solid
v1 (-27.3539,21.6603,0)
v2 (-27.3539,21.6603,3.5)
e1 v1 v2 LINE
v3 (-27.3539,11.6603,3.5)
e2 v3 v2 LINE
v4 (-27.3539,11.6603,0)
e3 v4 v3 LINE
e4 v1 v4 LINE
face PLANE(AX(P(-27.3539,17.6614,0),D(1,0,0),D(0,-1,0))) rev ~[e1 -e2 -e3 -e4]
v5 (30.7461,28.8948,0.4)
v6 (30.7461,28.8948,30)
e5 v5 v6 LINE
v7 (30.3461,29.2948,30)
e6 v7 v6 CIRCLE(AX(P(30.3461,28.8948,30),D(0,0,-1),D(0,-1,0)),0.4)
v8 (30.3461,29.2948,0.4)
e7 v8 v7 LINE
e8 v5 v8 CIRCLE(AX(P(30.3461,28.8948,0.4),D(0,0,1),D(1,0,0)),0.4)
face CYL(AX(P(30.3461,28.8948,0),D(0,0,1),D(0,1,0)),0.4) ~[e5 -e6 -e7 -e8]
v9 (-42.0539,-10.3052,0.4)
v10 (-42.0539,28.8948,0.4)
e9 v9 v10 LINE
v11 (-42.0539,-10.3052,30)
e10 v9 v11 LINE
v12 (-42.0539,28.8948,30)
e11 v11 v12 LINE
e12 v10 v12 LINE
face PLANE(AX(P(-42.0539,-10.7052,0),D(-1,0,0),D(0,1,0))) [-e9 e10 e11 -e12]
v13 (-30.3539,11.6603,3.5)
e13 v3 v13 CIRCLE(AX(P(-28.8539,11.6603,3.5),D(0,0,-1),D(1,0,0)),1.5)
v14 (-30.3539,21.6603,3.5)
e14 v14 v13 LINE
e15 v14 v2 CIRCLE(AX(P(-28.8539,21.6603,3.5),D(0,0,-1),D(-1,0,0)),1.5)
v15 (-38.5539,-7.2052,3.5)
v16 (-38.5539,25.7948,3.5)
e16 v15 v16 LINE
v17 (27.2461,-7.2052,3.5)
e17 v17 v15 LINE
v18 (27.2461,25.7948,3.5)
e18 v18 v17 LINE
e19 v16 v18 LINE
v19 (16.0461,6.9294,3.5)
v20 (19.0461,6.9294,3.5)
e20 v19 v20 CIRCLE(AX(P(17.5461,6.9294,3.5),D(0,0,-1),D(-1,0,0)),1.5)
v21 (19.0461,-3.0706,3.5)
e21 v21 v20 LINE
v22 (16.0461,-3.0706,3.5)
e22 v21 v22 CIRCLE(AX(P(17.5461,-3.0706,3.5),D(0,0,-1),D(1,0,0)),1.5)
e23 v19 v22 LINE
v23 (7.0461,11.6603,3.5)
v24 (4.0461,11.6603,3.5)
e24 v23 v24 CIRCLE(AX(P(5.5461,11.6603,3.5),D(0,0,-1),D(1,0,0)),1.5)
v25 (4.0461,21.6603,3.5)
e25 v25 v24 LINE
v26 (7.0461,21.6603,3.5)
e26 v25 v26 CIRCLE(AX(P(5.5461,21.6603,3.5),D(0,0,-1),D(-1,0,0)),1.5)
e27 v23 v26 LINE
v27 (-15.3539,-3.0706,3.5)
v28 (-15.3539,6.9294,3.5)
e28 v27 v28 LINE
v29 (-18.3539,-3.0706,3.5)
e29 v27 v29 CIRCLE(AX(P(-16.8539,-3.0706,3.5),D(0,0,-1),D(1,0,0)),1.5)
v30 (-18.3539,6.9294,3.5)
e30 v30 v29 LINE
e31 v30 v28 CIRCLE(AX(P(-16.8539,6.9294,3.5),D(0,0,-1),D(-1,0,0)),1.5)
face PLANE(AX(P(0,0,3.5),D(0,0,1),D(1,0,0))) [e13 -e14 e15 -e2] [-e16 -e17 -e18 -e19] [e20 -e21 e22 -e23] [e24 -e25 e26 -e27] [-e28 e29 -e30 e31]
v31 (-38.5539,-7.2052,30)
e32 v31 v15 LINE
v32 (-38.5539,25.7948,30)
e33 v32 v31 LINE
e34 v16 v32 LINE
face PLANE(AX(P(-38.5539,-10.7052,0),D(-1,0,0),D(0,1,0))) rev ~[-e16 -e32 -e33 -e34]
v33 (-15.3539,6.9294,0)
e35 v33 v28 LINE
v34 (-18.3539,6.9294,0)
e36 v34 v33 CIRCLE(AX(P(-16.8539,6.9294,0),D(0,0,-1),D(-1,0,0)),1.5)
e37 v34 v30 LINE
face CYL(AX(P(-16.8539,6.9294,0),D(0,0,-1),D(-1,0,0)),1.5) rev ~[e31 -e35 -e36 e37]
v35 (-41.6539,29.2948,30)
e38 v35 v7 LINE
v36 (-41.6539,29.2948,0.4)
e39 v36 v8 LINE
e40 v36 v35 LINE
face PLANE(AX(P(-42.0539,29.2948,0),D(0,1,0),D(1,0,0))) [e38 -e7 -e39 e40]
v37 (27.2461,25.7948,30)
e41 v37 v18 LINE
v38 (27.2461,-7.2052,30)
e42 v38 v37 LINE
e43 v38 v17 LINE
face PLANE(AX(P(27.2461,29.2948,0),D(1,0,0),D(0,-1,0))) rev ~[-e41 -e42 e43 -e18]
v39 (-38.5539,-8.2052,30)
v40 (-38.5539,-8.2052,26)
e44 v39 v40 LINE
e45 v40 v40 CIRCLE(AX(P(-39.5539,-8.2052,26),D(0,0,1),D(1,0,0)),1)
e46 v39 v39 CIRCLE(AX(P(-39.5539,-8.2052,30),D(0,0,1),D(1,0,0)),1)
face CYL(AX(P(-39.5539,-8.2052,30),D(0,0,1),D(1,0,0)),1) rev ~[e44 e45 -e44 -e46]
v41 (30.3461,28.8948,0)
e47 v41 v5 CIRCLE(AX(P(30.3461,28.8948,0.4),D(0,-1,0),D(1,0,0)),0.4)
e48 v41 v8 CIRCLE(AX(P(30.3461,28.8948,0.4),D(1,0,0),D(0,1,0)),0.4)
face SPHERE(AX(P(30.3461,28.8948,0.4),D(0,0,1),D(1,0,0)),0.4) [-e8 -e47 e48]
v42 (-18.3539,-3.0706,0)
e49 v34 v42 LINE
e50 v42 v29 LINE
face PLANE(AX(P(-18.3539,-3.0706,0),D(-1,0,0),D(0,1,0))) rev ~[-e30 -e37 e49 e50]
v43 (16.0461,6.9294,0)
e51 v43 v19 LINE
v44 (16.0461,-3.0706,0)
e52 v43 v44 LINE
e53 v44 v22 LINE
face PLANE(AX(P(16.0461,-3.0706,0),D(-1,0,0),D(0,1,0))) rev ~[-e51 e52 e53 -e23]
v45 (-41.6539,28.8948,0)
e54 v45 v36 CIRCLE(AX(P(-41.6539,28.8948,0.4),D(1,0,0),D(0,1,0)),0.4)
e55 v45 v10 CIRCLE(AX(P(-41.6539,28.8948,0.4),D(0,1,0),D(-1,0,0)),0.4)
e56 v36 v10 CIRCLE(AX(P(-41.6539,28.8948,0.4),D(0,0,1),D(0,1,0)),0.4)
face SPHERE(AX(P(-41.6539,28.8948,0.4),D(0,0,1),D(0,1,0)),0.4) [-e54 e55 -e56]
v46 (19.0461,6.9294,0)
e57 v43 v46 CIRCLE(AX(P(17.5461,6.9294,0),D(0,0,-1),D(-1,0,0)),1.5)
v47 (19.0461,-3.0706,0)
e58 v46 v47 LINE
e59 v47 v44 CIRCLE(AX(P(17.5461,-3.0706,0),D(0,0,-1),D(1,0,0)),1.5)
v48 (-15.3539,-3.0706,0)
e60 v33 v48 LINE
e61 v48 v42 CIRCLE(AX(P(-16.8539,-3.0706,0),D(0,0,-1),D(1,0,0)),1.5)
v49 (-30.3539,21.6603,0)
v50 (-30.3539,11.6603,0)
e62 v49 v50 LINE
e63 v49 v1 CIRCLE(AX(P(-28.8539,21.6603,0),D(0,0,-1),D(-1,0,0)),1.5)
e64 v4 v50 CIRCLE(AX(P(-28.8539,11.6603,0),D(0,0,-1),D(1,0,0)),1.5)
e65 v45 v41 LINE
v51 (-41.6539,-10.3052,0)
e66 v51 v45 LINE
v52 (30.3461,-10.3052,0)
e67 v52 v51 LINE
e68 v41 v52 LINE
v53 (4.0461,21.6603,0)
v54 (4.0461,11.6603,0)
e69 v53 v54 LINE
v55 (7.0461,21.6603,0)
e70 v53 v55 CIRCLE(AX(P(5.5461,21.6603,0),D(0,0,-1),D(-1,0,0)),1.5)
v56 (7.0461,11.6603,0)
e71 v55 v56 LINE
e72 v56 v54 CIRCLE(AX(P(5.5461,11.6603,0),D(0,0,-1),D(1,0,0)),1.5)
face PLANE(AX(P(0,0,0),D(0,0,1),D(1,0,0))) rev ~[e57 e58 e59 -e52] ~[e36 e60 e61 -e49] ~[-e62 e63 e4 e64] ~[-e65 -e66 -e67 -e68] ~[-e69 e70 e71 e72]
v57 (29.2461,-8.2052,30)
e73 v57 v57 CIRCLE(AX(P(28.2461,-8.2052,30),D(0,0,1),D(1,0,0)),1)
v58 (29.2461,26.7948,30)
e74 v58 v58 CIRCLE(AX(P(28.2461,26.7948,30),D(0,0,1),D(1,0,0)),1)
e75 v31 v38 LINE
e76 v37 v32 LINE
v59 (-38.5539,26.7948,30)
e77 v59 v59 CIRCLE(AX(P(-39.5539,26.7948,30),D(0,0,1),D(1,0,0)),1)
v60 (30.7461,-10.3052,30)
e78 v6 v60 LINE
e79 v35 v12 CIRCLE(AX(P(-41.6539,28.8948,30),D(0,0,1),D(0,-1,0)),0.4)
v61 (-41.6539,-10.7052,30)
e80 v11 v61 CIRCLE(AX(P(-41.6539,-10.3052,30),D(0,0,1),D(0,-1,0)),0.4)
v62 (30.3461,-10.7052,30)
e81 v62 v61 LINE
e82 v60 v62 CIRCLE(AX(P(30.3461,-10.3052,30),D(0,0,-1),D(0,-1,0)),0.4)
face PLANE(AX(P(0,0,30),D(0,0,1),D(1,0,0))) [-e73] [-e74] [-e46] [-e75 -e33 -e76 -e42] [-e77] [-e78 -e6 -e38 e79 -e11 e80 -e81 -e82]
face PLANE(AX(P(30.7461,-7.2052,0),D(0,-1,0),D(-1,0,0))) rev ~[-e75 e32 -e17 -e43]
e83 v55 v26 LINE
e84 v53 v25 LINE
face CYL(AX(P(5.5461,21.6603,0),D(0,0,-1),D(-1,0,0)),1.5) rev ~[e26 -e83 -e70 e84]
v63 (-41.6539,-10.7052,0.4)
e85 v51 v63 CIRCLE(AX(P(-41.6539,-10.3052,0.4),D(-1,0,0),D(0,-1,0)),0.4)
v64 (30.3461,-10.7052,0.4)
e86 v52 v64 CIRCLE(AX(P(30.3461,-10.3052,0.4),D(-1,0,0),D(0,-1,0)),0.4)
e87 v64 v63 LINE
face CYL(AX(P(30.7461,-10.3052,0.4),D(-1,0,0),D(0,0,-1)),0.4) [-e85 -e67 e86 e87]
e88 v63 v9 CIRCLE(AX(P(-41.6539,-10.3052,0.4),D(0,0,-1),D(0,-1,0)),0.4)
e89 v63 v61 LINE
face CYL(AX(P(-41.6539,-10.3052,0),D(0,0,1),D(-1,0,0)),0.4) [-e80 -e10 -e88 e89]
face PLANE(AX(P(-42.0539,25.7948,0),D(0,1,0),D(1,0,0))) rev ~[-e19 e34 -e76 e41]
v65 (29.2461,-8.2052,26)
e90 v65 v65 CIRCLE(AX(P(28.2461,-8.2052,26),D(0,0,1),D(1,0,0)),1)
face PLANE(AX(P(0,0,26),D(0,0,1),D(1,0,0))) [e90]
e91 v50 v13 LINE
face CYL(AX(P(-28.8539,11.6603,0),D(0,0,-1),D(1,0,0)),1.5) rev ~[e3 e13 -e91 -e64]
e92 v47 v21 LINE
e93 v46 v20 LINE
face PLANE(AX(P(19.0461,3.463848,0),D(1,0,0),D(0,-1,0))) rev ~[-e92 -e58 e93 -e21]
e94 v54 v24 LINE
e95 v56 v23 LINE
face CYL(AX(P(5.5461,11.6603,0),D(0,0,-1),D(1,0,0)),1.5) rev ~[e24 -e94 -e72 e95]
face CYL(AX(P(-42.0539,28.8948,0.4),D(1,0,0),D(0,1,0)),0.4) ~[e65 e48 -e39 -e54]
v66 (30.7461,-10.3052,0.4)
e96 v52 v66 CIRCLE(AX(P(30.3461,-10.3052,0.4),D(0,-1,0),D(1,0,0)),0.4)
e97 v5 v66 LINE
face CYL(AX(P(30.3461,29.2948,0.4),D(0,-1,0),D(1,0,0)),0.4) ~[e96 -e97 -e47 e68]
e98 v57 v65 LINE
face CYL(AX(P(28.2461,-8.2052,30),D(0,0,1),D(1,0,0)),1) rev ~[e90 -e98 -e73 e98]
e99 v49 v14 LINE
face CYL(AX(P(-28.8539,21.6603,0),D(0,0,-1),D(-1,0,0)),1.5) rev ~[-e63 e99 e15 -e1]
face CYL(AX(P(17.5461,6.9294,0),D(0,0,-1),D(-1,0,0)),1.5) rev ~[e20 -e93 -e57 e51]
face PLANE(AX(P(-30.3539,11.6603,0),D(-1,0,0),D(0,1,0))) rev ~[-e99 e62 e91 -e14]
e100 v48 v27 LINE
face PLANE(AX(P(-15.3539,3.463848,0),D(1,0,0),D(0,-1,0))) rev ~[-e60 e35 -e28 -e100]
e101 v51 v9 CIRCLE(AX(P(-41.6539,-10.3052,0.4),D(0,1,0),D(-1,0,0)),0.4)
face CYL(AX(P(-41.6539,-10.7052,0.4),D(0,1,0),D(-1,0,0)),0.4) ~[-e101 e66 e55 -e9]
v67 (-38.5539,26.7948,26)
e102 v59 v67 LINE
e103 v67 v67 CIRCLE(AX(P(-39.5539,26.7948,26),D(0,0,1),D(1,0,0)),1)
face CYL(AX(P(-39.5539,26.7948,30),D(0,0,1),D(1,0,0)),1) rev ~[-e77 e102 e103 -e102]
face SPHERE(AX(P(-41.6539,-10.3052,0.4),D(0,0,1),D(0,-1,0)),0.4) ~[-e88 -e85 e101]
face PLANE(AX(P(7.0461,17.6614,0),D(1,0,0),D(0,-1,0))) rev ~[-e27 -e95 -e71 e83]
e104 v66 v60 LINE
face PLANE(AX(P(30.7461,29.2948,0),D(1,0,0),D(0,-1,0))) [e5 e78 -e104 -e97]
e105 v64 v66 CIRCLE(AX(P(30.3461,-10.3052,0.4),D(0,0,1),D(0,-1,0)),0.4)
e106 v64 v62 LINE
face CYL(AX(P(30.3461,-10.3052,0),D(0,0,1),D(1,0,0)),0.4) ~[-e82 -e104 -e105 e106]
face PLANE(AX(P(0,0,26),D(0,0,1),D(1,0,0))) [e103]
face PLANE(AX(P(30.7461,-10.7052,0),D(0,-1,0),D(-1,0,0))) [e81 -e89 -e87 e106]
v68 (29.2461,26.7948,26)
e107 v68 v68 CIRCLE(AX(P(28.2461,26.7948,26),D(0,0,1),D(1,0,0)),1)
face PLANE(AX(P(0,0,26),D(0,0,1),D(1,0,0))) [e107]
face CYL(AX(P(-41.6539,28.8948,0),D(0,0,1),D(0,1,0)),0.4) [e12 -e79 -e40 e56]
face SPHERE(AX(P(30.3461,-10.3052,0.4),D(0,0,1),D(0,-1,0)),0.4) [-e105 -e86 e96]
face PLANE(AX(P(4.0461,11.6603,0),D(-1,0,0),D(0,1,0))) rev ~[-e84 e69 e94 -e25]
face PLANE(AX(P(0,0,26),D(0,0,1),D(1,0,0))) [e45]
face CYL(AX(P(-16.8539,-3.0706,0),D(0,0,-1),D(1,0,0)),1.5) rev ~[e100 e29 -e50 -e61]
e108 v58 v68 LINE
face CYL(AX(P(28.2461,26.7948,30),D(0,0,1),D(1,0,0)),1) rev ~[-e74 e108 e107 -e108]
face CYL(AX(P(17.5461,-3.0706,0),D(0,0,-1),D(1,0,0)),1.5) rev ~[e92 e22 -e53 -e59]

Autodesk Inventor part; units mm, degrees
ref_plane "YZ Plane" through (0, 0, 0) normal (1, 0, 0) x (0, 1, 0)
ref_plane "XZ Plane" through (0, 0, 0) normal (0, 1, 0) x (-1, 0, 0)
ref_plane "XY Plane" through (0, 0, 0) normal (0, 0, 1) x (1, 0, 0)
sketch "Sketch1" plane through (0, 0, 0) normal (0, 0, 1) x (1, 0, 0)
  line L0 (-42.0539, 29.2948) -> (30.7461, 29.2948)
  line L1 (30.7461, 29.2948) -> (30.7461, -10.7052)
  line L2 (30.7461, -10.7052) -> (-42.0539, -10.7052)
  line L3 (-42.0539, -10.7052) -> (-42.0539, 29.2948)
  point P0 (0, 0)
  dimension "d0" = 72.8
  dimension "d1" = 40
extrude "Extrusion1" add sketch "Sketch1" along normal blind 30
shell "Shell2" thickness 3.5 removed faces 1 at (-17.7872, 15.9615, 30)
sketch "Sketch4" plane through (0, 0, 30) normal (0, 0, 1) x (1, 0, 0)
  circle A0 centre (-39.5539, 26.7948) radius 1
  line L0 (30.7461, 29.2948) -> (-42.0539, 29.2948) projected
  line L1 (-42.0539, 29.2948) -> (-42.0539, -10.7052) projected
  line L2 (-5.6539, 34.5623) -> (-5.6539, 23.6795)
  circle A1 centre (28.2461, 26.7948) radius 1
  line L3 (36.847, 9.2948) -> (23.7014, 9.2948)
  circle A2 centre (28.2461, -8.2052) radius 1
  circle A3 centre (-39.5539, -8.2052) radius 1
  point P0 (0, 0)
  dimension "d26" = 2
  dimension "d27" = 2.5
  dimension "d28" = 2.5
extrude "Extrusion4" cut sketch "Sketch4" against normal blind 4
fillet "Fillet1" radius 0.4 8 edges at (-42.0539, 29.2948, 15) (-42.0539, -10.7052, 15) (30.7461, -10.7052, 15) (30.7461, 29.2948, 15) (-5.6539, -10.7052, 0) (30.7461, 9.2948, 0) (-5.6539, 29.2948, 0) (-42.0539, 9.2948, 0)
sketch "Sketch5" plane through (0, 0, 0) normal (0, 0, -1) x (-1, 0, 0)
  line L0 (41.6539, -10.7052) -> (-30.3461, -10.7052) projected
  line L1 (5.6539, -10.7052) -> (5.6539, 29.2948)
  line L2 (-30.3461, 29.2948) -> (41.6539, 29.2948) projected
  circle A0 centre (22.8539, 9.2948) radius 9.5
  circle A1 centre (-11.5461, 9.2948) radius 9.5
  line L3 (-17.5461, 6.9294) -> (-17.5461, -3.0706) construction
  line L4 (-19.0461, 6.9294) -> (-19.0461, -3.0706)
  line L5 (-16.0461, -3.0706) -> (-16.0461, 6.9294)
  arc A2 (-16.0461, 6.9294) -> (-19.0461, 6.9294) centre (-17.5461, 6.9294) ccw
  arc A3 (-19.0461, -3.0706) -> (-16.0461, -3.0706) centre (-17.5461, -3.0706) ccw
  line L6 (-5.5461, 11.6603) -> (-5.5461, 21.6603) construction
  line L7 (-4.0461, 11.6603) -> (-4.0461, 21.6603)
  line L8 (-7.0461, 21.6603) -> (-7.0461, 11.6603)
  arc A4 (-7.0461, 11.6603) -> (-4.0461, 11.6603) centre (-5.5461, 11.6603) ccw
  arc A5 (-4.0461, 21.6603) -> (-7.0461, 21.6603) centre (-5.5461, 21.6603) ccw
  line L9 (16.8539, 6.9294) -> (16.8539, -3.0706) construction
  line L10 (15.3539, 6.9294) -> (15.3539, -3.0706)
  line L11 (18.3539, -3.0706) -> (18.3539, 6.9294)
  arc A6 (18.3539, 6.9294) -> (15.3539, 6.9294) centre (16.8539, 6.9294) ccw
  arc A7 (15.3539, -3.0706) -> (18.3539, -3.0706) centre (16.8539, -3.0706) ccw
  line L12 (28.8539, 11.6603) -> (28.8539, 21.6603) construction
  line L13 (30.3539, 11.6603) -> (30.3539, 21.6603)
  line L14 (27.3539, 21.6603) -> (27.3539, 11.6603)
  arc A8 (27.3539, 11.6603) -> (30.3539, 11.6603) centre (28.8539, 11.6603) ccw
  arc A9 (30.3539, 21.6603) -> (27.3539, 21.6603) centre (28.8539, 21.6603) ccw
  point P0 (0, 0)
  point P1 (-17.5461, 1.9294)
  point P2 (-5.5461, 16.6603)
  point P3 (16.8539, 1.9294)
  point P4 (28.8539, 16.6603)
  dimension "d32" = 19
  dimension "d33" = 19
  dimension "d34" = 5
  dimension "d35" = 3
  dimension "d36" = 5
  dimension "d37" = 3
  dimension "d38" = 5
  dimension "d39" = 3
  dimension "d40" = 5
  dimension "d41" = 3
  dimension "d42" = 17.2
  dimension "d43" = 17.2
  dimension "d44" = 6
  dimension "d45" = 12
  dimension "d46" = 6
  dimension "d47" = 12
  dimension "d52" = 20
  dimension "d53" = 20
extrude "Extrusion5" cut sketch "Sketch5" against normal through all contours L13 A8 L14 A0 | A0 L14 A9 L13 | L11 A7 L10 A0 | A0 L10 A6 L11 | L7 A4 L8 A1 | A1 L8 A5 L7 | L5 A3 L4 A1 | A1 L4 A2 L5
properties part number "Solenoids_holder"
